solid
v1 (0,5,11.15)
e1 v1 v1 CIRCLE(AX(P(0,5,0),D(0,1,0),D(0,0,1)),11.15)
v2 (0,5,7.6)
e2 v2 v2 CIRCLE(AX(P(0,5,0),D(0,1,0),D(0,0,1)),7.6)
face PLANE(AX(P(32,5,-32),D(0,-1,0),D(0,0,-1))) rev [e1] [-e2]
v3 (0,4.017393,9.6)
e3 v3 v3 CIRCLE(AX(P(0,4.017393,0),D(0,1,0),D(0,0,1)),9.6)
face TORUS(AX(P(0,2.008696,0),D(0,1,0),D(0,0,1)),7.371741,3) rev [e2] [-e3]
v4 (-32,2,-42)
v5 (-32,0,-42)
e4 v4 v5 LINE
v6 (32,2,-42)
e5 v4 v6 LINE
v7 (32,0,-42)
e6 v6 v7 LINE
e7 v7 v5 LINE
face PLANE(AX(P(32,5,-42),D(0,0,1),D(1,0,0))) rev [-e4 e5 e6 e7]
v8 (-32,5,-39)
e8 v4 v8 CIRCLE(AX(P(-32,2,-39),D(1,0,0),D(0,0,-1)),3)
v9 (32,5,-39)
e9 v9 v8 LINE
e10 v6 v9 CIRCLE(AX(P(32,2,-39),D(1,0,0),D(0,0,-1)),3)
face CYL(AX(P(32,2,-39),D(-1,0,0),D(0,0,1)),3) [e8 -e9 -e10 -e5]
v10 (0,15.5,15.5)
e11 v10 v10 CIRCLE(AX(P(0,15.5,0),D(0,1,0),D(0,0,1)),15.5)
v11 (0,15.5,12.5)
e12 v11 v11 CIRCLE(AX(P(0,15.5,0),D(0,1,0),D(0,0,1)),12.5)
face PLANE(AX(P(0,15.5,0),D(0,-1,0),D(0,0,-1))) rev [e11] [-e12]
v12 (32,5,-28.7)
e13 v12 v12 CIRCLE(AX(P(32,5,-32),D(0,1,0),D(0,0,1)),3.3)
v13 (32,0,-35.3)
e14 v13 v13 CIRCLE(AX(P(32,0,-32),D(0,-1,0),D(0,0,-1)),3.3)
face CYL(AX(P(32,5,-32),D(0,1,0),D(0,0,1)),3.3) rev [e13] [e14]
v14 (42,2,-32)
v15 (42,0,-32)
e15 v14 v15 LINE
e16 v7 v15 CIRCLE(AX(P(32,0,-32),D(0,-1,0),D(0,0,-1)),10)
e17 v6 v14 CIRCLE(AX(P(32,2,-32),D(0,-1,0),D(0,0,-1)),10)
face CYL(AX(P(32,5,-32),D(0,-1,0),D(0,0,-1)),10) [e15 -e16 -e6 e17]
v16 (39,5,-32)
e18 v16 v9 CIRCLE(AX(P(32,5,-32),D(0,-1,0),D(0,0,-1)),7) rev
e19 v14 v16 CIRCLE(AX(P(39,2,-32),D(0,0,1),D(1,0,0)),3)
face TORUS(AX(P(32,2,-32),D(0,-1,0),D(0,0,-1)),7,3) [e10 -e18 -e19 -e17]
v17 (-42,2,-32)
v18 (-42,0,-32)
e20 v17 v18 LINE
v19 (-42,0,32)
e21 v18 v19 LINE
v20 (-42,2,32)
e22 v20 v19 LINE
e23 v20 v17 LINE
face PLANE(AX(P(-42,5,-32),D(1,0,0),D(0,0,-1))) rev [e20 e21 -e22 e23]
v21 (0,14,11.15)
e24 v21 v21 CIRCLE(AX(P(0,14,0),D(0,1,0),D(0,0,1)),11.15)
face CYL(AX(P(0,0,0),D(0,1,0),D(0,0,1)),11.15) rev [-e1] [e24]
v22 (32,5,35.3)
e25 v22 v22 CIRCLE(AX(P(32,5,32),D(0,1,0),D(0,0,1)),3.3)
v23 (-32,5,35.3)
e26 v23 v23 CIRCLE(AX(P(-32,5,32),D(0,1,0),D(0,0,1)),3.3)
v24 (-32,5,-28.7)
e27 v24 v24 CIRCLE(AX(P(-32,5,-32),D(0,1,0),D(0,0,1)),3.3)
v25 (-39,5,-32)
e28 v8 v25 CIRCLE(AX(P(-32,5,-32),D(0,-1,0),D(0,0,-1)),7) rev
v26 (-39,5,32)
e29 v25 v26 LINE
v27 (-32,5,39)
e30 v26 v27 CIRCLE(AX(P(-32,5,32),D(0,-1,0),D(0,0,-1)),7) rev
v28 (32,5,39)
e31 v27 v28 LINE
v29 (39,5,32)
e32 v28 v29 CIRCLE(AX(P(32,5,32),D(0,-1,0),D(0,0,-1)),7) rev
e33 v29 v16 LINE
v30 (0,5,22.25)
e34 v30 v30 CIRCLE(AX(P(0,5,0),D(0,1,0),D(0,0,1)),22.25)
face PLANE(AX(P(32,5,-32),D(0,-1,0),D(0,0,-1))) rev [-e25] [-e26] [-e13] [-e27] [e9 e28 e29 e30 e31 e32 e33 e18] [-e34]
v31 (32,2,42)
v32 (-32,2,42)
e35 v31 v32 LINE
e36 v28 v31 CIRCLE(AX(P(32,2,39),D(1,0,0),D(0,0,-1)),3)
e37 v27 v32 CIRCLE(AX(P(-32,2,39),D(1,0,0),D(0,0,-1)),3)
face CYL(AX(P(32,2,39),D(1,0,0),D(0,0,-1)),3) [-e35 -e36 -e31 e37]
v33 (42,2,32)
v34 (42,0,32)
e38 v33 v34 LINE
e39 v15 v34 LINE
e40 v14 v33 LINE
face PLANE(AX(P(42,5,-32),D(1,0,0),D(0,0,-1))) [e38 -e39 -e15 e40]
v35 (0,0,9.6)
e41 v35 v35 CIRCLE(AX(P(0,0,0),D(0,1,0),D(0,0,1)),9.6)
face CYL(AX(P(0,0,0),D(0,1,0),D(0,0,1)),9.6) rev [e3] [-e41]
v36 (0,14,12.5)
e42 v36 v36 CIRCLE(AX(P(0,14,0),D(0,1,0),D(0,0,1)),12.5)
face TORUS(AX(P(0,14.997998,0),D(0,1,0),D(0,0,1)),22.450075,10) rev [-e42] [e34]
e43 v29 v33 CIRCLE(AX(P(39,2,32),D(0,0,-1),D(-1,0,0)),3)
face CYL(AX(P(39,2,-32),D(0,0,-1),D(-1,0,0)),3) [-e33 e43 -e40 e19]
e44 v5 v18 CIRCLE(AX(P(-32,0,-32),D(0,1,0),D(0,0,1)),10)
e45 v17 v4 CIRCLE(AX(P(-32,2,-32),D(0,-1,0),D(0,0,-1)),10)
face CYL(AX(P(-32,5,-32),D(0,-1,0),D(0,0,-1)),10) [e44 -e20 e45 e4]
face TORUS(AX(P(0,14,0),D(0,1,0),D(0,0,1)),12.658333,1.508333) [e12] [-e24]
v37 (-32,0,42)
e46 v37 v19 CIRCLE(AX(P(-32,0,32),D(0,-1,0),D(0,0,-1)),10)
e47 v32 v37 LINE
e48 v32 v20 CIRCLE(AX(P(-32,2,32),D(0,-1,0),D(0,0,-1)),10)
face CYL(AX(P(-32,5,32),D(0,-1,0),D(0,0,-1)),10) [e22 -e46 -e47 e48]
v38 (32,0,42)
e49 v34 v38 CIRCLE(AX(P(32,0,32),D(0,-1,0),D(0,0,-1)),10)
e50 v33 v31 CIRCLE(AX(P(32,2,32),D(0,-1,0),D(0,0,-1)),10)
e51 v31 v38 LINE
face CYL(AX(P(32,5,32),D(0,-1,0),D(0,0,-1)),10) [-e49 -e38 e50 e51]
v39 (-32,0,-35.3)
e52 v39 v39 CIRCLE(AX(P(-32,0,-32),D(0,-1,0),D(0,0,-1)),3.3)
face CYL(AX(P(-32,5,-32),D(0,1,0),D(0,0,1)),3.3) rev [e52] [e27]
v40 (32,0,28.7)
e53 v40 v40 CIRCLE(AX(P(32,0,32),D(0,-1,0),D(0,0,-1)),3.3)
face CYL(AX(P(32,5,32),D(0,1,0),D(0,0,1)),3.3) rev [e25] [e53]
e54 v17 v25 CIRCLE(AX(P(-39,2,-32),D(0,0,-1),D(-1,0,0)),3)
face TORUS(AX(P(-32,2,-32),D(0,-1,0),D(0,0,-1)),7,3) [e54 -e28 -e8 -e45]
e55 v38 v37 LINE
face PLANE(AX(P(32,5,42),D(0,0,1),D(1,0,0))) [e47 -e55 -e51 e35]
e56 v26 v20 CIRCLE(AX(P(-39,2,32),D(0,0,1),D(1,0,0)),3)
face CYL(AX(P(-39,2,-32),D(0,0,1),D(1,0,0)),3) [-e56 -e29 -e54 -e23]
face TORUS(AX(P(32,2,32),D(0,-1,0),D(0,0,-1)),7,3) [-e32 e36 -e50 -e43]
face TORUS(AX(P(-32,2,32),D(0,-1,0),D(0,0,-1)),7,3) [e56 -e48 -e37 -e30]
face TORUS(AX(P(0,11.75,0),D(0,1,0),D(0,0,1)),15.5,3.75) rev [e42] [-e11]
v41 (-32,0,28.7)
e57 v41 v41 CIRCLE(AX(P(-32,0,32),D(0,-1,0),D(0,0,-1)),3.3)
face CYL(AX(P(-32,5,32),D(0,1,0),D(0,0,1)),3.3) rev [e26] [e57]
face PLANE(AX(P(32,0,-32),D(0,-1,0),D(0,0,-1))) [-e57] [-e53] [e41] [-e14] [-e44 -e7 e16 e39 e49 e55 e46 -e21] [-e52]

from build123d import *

# Parameters (mm, degrees)
BOSS_EXTRUDE1_DEPTH      = 5
FILLET1_R                = 3
M6_CLEARANCE_HOLE1_D     = 6.6
M6_CLEARANCE_HOLE1_DEPTH = 8
M6_CLEARANCE_HOLE1_TIP   = 1.982840043


with BuildPart() as part:
    # Sketch1 → Boss-Extrude1 (new body)
    with BuildSketch(Plane(origin=(0, 0, 0), x_dir=(1, 0, 0), z_dir=(0, 1, 0))):
        with BuildLine():
            Line((32, 42), (-32, 42))
            ThreePointArc((-32, 42), (-39.071067812, 39.071067812), (-42, 32))
            Line((-42, 32), (-42, -32))
            ThreePointArc((-42, -32), (-39.071067812, -39.071067812), (-32, -42))
            Line((-32, -42), (32, -42))
            ThreePointArc((32, -42), (39.071067812, -39.071067812), (42, -32))
            Line((42, -32), (42, 32))
            ThreePointArc((42, 32), (39.071067812, 39.071067812), (32, 42))
        make_face()
    extrude(amount=BOSS_EXTRUDE1_DEPTH)

    # Sketch3 → Revolve2 (revolve)
    with BuildSketch(Plane.XY):
        with BuildLine():
            Line((-22.25, 5), (-11.15, 5))
            Line((-11.15, 5), (-11.15, 14))
            ThreePointArc((-11.15, 14), (-11.537197996, 15.009021804), (-12.5, 15.5))
            Line((-12.5, 15.5), (-15.5, 15.5))
            ThreePointArc((-15.5, 15.5), (-13.822949017, 15.104101966), (-12.5, 14))
            ThreePointArc((-12.5, 14), (-15.66727432, 7.649963846), (-22.25, 5))
        make_face()
    revolve(axis=Axis((0, 0, 0), (0, -1, 0)))

    # Sketch3<5> → Cut-Revolve2 (revolve, cut)
    with BuildSketch(Plane.XY):
        with BuildLine():
            Line((0, 0), (0, 5))
            Line((0, 5), (-7.6, 5))
            ThreePointArc((-7.6, 5), (-8.694616444, 4.701278719), (-9.6, 4.017392631))
            Line((-9.6, 4.017392631), (-9.6, 0))
            Line((-9.6, 0), (0, 0))
        make_face()
    revolve(axis=Axis((0, 0, 0), (0, -1, 0)), mode=Mode.SUBTRACT)

    # Fillet1
    fillet1_edges = [part.edges().sort_by_distance(p)[0] for p in [
        (42, 5, 0),
        (39.071067812, 5, -39.071067812),
        (0, 5, -42),
        (-39.071067812, 5, -39.071067812),
        (-42, 5, 0),
        (-39.071067812, 5, 39.071067812),
        (0, 5, 42),
        (39.071067812, 5, 39.071067812),
    ]]
    fillet(fillet1_edges, radius=FILLET1_R)

    # M6 Clearance Hole1
    with Locations(Plane(origin=(0, 5, 0), x_dir=(1, 0, 0), z_dir=(0, 1, 0))):
        with Locations((-32, 32), (-32, -32), (32, -32), (32, 32)):
            Hole(M6_CLEARANCE_HOLE1_D / 2, depth=M6_CLEARANCE_HOLE1_DEPTH)
            with Locations((0, 0, -(M6_CLEARANCE_HOLE1_DEPTH + M6_CLEARANCE_HOLE1_TIP / 2))):  # 118° drill point
                Cone(0, M6_CLEARANCE_HOLE1_D / 2, M6_CLEARANCE_HOLE1_TIP, mode=Mode.SUBTRACT)


solid = part.part
